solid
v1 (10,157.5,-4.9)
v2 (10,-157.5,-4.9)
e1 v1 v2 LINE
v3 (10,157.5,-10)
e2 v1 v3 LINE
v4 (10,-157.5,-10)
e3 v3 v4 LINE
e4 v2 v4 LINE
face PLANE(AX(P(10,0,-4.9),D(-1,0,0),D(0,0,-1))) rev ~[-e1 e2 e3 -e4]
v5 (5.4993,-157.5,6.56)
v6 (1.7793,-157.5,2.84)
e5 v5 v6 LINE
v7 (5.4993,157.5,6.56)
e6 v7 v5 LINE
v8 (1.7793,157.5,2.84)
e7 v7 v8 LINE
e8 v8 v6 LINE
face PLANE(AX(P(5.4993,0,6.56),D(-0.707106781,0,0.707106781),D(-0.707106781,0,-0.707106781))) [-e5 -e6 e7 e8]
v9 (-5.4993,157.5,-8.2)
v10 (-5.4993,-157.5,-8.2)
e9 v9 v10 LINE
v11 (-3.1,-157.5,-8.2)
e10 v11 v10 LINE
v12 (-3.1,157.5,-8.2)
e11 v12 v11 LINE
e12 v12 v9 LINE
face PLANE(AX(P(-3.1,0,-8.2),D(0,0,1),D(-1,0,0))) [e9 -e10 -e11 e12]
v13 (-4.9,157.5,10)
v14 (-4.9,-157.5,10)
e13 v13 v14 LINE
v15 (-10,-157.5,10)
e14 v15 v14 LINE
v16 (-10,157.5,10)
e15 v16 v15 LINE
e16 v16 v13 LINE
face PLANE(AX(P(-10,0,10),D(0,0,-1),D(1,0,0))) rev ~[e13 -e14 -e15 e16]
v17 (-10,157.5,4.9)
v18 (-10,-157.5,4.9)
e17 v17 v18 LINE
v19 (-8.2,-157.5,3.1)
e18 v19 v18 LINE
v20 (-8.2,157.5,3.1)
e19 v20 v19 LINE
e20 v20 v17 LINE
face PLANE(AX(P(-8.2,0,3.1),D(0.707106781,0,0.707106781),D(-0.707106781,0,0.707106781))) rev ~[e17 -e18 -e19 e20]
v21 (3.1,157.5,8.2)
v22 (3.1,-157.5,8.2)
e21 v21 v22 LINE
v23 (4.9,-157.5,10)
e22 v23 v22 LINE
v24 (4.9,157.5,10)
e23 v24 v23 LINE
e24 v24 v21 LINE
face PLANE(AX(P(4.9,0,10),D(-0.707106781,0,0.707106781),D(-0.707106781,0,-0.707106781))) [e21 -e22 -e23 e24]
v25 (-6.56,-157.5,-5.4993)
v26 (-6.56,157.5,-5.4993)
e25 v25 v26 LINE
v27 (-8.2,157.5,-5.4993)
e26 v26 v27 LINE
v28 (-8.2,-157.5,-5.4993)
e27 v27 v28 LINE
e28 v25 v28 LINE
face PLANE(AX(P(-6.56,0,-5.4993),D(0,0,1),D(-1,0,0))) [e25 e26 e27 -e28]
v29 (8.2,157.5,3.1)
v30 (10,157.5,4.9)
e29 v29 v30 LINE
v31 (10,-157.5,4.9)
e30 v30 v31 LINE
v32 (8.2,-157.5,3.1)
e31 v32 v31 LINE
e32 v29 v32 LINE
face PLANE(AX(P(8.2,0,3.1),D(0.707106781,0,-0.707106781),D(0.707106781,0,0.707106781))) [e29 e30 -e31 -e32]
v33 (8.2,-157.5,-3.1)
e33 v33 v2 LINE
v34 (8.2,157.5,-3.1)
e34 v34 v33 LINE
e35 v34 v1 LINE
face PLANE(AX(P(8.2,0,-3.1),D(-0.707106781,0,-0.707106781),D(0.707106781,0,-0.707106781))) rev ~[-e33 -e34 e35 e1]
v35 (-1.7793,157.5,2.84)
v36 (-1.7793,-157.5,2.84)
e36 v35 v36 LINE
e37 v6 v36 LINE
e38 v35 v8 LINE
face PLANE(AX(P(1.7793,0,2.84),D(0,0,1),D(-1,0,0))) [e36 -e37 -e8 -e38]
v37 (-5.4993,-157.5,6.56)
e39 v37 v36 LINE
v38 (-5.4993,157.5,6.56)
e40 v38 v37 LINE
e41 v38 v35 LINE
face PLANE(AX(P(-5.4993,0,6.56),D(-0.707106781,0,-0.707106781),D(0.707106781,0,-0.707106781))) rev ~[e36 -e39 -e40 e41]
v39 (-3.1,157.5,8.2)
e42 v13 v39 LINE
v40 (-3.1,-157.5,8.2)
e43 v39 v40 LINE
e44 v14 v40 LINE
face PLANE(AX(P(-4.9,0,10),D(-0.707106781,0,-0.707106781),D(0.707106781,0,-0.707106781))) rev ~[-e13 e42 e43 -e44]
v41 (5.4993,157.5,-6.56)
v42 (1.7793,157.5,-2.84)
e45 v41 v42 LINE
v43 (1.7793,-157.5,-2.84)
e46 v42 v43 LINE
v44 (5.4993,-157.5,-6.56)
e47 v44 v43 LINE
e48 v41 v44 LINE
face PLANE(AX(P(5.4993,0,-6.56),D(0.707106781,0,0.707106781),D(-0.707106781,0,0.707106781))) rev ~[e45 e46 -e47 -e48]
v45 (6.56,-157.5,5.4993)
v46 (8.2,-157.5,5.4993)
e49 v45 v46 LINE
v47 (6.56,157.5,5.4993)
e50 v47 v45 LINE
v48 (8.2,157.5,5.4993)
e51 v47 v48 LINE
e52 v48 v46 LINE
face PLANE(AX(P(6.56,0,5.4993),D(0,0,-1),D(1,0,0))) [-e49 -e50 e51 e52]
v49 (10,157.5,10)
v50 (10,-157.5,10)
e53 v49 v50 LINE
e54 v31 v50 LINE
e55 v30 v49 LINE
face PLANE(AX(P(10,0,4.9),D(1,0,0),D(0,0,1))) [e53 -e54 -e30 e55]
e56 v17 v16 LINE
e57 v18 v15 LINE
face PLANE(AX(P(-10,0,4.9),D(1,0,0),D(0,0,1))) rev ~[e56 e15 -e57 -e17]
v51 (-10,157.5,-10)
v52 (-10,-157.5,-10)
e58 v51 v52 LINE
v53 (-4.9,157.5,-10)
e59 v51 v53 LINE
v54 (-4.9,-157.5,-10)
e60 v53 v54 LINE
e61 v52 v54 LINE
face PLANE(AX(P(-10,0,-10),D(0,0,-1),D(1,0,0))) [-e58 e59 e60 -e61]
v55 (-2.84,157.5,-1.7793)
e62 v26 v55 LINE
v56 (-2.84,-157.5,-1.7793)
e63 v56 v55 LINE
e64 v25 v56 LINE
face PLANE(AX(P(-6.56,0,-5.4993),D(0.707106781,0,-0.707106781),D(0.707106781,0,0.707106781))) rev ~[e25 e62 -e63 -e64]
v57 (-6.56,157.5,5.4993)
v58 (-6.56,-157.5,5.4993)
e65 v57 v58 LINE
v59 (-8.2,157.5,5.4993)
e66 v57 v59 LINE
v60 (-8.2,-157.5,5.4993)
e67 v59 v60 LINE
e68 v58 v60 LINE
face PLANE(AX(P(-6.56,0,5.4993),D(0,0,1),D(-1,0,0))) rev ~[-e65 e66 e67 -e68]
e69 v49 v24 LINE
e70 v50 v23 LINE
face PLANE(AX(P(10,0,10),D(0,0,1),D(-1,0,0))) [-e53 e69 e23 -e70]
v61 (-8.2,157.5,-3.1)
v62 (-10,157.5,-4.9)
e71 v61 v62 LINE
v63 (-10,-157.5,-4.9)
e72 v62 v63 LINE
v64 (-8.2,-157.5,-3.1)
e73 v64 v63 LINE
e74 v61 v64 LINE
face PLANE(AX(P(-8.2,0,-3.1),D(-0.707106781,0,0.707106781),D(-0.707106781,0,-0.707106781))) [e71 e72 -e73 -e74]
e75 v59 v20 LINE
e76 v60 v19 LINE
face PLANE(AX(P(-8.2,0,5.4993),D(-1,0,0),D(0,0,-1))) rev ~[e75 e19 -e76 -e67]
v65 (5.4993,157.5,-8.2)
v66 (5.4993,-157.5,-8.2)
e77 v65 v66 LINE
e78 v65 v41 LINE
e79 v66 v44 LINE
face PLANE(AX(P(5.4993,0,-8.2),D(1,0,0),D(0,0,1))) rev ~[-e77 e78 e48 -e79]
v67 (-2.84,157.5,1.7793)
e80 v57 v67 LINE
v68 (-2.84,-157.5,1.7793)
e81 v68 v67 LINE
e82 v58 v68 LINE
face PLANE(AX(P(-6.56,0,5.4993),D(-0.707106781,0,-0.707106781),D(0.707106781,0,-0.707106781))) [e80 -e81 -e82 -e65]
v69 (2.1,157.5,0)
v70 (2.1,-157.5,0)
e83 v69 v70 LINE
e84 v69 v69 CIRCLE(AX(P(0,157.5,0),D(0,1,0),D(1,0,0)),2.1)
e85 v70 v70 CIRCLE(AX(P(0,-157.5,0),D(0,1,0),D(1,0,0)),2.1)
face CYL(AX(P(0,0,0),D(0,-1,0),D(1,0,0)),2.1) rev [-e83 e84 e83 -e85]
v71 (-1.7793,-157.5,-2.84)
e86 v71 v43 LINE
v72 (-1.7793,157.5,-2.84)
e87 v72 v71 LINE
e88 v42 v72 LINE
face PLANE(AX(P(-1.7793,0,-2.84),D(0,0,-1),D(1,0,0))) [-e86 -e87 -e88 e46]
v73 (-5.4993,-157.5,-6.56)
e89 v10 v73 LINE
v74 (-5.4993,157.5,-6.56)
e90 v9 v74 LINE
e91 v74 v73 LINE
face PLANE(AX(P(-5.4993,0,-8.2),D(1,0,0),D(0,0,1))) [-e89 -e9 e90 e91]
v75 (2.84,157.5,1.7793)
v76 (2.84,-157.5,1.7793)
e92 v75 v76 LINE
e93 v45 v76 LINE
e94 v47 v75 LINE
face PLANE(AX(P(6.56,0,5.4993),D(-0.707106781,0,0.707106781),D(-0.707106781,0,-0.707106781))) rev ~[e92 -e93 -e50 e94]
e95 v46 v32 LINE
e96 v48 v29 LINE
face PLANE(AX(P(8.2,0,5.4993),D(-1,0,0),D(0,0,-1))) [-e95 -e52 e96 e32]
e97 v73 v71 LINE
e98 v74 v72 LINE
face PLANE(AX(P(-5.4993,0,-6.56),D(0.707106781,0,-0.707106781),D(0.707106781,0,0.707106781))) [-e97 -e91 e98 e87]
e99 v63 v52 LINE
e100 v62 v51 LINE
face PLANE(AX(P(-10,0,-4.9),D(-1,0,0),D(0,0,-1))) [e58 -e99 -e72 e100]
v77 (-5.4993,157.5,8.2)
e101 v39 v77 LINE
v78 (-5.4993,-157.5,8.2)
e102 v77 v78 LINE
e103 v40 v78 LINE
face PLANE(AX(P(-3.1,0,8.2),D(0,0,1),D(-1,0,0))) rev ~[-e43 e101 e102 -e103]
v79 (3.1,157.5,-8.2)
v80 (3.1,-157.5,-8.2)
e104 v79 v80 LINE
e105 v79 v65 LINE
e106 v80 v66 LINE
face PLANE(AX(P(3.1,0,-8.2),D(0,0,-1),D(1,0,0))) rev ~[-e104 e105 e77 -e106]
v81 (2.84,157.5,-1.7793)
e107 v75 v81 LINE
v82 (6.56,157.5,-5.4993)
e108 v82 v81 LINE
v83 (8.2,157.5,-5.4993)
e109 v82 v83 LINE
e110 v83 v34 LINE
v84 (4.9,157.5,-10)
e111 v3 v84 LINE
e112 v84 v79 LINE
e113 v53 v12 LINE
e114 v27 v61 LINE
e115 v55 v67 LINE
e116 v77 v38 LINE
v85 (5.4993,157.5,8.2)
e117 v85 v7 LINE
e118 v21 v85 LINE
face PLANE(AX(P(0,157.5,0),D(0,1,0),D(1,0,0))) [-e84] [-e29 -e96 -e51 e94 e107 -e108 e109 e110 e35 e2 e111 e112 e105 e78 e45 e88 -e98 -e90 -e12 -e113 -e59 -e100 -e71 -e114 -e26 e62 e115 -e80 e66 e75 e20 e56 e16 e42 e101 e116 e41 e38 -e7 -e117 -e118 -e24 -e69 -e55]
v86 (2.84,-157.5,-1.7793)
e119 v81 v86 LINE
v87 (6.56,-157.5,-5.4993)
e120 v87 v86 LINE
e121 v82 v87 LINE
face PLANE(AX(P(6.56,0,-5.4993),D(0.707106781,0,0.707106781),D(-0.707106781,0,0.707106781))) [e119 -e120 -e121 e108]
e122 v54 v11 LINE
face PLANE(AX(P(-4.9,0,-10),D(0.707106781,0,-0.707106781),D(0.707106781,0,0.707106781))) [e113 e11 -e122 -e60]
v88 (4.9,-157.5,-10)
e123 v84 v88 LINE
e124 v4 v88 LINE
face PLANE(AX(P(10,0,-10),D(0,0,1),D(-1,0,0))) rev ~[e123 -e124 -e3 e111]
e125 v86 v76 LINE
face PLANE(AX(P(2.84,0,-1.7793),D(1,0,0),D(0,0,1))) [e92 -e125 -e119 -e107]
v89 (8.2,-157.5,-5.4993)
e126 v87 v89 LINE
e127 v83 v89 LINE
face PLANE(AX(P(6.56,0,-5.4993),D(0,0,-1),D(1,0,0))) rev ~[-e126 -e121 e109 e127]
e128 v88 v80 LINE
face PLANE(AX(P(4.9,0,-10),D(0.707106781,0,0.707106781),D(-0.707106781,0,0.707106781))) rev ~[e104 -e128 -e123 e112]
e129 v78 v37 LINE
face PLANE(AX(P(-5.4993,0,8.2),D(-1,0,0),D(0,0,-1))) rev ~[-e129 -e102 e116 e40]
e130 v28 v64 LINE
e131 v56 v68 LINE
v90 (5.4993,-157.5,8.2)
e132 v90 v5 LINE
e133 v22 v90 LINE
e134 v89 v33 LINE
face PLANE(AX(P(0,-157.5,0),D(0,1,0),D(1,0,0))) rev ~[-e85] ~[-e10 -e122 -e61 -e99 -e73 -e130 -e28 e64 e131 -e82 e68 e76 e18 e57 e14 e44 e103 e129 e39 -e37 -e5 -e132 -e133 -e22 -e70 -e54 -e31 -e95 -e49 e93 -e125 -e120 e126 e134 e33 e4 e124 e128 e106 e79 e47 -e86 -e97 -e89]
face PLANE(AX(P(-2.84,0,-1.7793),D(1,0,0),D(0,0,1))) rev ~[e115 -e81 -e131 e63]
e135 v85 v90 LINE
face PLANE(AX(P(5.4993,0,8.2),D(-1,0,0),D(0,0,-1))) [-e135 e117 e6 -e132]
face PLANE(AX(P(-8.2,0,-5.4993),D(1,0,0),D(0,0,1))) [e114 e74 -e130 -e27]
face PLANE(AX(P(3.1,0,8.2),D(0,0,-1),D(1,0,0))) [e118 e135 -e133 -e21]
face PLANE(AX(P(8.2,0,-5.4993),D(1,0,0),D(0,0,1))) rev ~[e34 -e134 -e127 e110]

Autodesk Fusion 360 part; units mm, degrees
sketch "Sketch1" plane through (0, 0, 0) normal (0, 1, 0) x (1, 0, 0)
  circle A0 centre (0, 0) radius 2.1
  line L0 (-6.56, 5.4993) -> (-8.2, 5.4993)
  line L1 (-8.2, 5.4993) -> (-8.2, 3.1)
  line L2 (-8.2, 3.1) -> (-10, 4.9)
  line L3 (-10, 4.9) -> (-10, 10)
  line L4 (-10, 10) -> (-4.9, 10)
  line L5 (-4.9, 10) -> (-3.1, 8.2)
  line L6 (-3.1, 8.2) -> (-5.4993, 8.2)
  line L7 (-5.4993, 8.2) -> (-5.4993, 6.56)
  line L8 (-5.4993, 6.56) -> (-1.7793, 2.84)
  line L9 (-6.56, 5.4993) -> (-2.84, 1.7793)
  line L10 (0, 0) -> (-10, 10) construction
  line L11 (0, 0) -> (0, 5) construction
  line L12 (0, 0) -> (-5, 0) construction
  line L13 (-2.84, 1.7793) -> (-2.84, 0)
  line L14 (-1.7793, 2.84) -> (0, 2.84)
  line L15 (-8.2, -3.1) -> (-10, -4.9)
  line L16 (-6.56, -5.4993) -> (-8.2, -5.4993)
  line L17 (-10, -4.9) -> (-10, -10)
  line L18 (-4.9, -10) -> (-3.1, -8.2)
  line L19 (-5.4993, -6.56) -> (-1.7793, -2.84)
  line L20 (-6.56, -5.4993) -> (-2.84, -1.7793)
  line L21 (-1.7793, -2.84) -> (0, -2.84)
  line L22 (-3.1, -8.2) -> (-5.4993, -8.2)
  line L23 (-8.2, -5.4993) -> (-8.2, -3.1)
  line L24 (-10, -10) -> (-4.9, -10)
  line L25 (-5.4993, -8.2) -> (-5.4993, -6.56)
  line L26 (-2.84, -1.7793) -> (-2.84, 0)
  line L27 (4.9, 10) -> (3.1, 8.2)
  line L28 (6.56, -5.4993) -> (8.2, -5.4993)
  line L29 (2.84, -1.7793) -> (2.84, 0)
  line L30 (6.56, -5.4993) -> (2.84, -1.7793)
  line L31 (10, 4.9) -> (10, 10)
  line L32 (1.7793, 2.84) -> (0, 2.84)
  line L33 (5.4993, -8.2) -> (5.4993, -6.56)
  line L34 (5.4993, -6.56) -> (1.7793, -2.84)
  line L35 (10, 10) -> (4.9, 10)
  line L36 (10, -4.9) -> (10, -10)
  line L37 (2.84, 1.7793) -> (2.84, 0)
  line L38 (3.1, 8.2) -> (5.4993, 8.2)
  line L39 (8.2, 3.1) -> (10, 4.9)
  line L40 (10, -10) -> (4.9, -10)
  line L41 (8.2, -3.1) -> (10, -4.9)
  line L42 (1.7793, -2.84) -> (0, -2.84)
  line L43 (5.4993, 6.56) -> (1.7793, 2.84)
  line L44 (6.56, 5.4993) -> (8.2, 5.4993)
  line L45 (4.9, -10) -> (3.1, -8.2)
  line L46 (6.56, 5.4993) -> (2.84, 1.7793)
  line L47 (8.2, 5.4993) -> (8.2, 3.1)
  line L48 (5.4993, 8.2) -> (5.4993, 6.56)
  line L49 (3.1, -8.2) -> (5.4993, -8.2)
  line L50 (8.2, -5.4993) -> (8.2, -3.1)
  line L51 (10, -4.9) -> (10, 4.9) construction
  point P0 (5, 0)
  dimension "d1" = 4.2
  dimension "d7" = 10
  dimension "d8" = 10
  dimension "d9" = 3.1
  dimension "d10" = 1.8
  dimension "d11" = 1.8
  dimension "d12" = 1.5
  dimension "d13" = 1.64
  dimension "d14" = 135
  dimension "d16" = 3.1
  dimension "d19" = 2.84
  dimension "d20" = 2.84
  dimension "d21" = 1.64
extrude "Extrude1" add sketch "Sketch1" along normal mid plane 315
equation "d9 = ( 6.2 / 2 ) * 1 mm"
equation "d11 = d10"
equation "d16 = d9"
equation "d19 = ( 5.68 / 2 ) * 1 mm"
equation "d20 = d19"
equation "d21 = d13"
